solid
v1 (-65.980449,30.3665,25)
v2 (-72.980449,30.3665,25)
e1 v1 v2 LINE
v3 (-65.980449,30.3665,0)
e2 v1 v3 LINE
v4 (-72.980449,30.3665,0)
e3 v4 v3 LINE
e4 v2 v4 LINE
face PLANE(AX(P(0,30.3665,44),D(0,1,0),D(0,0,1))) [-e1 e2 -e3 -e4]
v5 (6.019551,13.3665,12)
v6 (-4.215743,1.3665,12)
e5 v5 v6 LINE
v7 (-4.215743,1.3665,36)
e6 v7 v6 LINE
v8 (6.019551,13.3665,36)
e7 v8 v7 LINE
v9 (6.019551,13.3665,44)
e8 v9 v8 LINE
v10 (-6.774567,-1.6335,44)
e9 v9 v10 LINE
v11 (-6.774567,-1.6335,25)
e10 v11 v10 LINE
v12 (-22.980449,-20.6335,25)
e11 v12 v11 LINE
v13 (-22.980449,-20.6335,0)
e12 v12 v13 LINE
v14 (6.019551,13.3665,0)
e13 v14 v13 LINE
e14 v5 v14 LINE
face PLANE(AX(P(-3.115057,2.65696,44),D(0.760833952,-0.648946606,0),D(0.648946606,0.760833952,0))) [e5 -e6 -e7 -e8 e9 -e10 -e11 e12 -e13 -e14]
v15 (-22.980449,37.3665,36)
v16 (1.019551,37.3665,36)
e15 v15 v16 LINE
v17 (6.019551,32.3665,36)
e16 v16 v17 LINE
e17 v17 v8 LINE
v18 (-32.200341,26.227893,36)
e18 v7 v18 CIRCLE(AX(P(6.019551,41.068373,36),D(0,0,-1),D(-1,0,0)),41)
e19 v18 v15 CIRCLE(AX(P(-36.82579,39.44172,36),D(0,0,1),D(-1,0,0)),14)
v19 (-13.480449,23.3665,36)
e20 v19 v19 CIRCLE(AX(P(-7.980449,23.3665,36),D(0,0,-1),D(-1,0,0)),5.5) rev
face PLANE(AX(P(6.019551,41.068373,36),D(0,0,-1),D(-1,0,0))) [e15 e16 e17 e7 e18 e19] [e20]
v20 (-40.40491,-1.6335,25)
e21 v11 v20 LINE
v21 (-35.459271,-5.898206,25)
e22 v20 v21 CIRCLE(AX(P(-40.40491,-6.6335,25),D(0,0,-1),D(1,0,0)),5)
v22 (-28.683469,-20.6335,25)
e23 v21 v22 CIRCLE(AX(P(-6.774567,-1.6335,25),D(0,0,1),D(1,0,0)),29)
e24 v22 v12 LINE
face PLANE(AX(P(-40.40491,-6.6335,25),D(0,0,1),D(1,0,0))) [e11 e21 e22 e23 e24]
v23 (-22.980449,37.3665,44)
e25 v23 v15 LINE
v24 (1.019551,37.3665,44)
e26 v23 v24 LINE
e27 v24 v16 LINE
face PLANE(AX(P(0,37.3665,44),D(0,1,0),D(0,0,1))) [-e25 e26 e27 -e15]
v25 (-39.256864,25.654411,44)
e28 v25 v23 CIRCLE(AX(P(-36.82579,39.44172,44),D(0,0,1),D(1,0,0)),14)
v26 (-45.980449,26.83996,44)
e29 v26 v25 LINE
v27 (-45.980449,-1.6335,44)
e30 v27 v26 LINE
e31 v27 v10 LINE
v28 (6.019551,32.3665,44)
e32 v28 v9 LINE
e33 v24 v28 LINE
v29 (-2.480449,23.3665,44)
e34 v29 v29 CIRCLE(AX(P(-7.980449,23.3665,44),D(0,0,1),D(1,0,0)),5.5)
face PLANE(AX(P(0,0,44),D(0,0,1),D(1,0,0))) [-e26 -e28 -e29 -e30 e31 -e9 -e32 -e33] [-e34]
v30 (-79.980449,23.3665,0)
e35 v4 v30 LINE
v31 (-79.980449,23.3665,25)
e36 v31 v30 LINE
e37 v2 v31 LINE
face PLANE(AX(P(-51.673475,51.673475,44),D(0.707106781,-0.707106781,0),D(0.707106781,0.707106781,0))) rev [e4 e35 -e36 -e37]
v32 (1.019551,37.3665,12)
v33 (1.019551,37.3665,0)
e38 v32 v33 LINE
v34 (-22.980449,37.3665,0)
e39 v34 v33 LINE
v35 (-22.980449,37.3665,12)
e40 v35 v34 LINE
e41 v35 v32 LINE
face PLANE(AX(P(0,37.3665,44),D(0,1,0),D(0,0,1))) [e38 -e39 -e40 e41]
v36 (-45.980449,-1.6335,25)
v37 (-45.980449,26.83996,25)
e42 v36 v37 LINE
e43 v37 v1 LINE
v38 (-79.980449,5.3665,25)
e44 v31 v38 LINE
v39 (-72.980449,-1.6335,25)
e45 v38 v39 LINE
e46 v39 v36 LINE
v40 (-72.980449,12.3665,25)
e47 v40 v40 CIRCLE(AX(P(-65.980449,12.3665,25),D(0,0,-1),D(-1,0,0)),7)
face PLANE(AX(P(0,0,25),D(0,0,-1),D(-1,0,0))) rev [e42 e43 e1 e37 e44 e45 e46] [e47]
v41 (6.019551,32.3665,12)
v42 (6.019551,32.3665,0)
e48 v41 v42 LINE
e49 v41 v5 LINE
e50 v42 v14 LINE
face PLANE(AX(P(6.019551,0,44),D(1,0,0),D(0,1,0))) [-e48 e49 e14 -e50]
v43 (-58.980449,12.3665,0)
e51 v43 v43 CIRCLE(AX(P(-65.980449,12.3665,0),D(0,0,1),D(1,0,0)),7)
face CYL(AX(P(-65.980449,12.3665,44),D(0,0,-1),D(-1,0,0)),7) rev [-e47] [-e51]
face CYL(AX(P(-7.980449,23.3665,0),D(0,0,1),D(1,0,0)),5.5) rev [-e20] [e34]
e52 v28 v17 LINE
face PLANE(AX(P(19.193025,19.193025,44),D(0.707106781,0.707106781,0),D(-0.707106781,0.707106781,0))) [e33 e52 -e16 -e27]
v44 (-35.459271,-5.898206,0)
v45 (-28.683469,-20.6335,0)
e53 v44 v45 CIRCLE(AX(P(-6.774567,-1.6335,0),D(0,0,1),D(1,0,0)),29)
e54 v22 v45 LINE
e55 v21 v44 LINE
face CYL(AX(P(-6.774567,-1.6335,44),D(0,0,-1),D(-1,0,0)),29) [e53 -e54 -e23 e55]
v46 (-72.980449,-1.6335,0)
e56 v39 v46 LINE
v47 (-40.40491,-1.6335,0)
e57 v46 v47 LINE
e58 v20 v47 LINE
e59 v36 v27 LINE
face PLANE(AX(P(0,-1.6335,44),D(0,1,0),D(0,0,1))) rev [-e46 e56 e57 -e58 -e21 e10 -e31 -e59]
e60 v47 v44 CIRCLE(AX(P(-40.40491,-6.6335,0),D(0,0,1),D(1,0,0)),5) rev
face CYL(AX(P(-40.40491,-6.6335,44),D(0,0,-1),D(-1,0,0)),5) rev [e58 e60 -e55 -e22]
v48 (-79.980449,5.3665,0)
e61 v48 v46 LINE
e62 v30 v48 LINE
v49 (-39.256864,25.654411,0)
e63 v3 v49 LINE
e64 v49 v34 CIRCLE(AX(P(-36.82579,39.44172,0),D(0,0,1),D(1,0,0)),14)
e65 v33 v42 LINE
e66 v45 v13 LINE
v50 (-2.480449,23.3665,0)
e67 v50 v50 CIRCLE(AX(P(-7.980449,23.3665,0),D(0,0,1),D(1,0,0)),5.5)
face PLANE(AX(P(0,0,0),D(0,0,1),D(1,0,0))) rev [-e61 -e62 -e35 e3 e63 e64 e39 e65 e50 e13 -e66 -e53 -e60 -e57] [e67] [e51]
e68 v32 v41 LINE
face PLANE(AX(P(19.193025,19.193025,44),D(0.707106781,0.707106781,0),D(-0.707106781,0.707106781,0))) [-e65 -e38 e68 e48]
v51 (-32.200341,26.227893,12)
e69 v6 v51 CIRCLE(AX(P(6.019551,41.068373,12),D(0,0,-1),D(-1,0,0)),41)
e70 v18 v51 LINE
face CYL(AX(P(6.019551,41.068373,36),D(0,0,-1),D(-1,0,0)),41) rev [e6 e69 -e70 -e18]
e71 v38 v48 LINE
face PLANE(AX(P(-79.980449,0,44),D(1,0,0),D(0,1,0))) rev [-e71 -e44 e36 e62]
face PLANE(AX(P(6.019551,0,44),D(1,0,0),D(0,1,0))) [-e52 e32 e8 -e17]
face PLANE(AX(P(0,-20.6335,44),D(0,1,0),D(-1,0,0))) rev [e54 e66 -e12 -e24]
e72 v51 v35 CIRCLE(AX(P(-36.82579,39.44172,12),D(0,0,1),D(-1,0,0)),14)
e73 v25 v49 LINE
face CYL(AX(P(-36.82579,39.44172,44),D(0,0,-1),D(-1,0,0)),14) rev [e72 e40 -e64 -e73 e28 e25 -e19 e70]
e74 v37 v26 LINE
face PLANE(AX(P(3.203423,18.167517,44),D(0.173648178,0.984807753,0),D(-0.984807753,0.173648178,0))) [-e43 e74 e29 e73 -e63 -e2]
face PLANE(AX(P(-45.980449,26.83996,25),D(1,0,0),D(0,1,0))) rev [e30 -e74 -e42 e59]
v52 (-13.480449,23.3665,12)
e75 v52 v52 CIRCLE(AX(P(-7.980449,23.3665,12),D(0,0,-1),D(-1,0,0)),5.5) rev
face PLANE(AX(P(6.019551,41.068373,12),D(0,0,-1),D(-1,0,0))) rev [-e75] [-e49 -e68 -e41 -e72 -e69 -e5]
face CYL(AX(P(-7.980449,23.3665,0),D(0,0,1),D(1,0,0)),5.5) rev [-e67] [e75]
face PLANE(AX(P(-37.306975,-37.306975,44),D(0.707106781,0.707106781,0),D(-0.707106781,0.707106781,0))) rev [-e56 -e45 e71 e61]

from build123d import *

# Parameters (mm, degrees)
SKETCH1_R           = 7
BOSS_EXTRUDE1_DEPTH = 44
SKETCH2_R           = 5.5
CUT_EXTRUDE1_DEPTH  = 99.636339936
CUT_EXTRUDE2_START  = -19
CUT_EXTRUDE2_DEPTH  = 19
CUT_EXTRUDE3_DEPTH  = 24


with BuildPart() as part:
    # Sketch1 → Boss-Extrude1 (new body)
    with BuildSketch(Plane.XY):
        with BuildLine():
            ThreePointArc((-40.404910175, -1.633500031), (-37.139674394, -2.846913799), (-35.459271434, -5.898205914))
            ThreePointArc((-35.459271434, -5.898205914), (-33.122441231, -13.749172092), (-28.683469034, -20.633500031))
            Line((-28.683469034, -20.633500031), (-22.980449087, -20.633500031))
            Line((-22.980449087, -20.633500031), (6.019550913, 13.366499969))
            Line((6.019550913, 13.366499969), (6.019550913, 32.366499969))
            Line((6.019550913, 32.366499969), (1.019550913, 37.366499969))
            Line((1.019550913, 37.366499969), (-22.980449087, 37.366499969))
            ThreePointArc((-22.980449087, 37.366499969), (-28.648710625, 28.077944899), (-39.256864445, 25.654410975))
            Line((-39.256864445, 25.654410975), (-65.980449087, 30.366499969))
            Line((-65.980449087, 30.366499969), (-72.980449087, 30.366499969))
            Line((-72.980449087, 30.366499969), (-79.980449087, 23.366499969))
            Line((-79.980449087, 23.366499969), (-79.980449087, 5.366499969))
            Line((-79.980449087, 5.366499969), (-72.980449087, -1.633500031))
            Line((-72.980449087, -1.633500031), (-40.404910175, -1.633500031))
        make_face()
        with Locations((-65.980449087, 12.366499969)):
            Circle(SKETCH1_R, mode=Mode.SUBTRACT)
    extrude(amount=BOSS_EXTRUDE1_DEPTH)

    # Sketch2 → Cut-Extrude1 (cut, through all)
    with BuildSketch(Plane.XY.offset(44)):
        with Locations((-7.980449087, 23.366499969)):
            Circle(SKETCH2_R)
    extrude(amount=-CUT_EXTRUDE1_DEPTH, mode=Mode.SUBTRACT)

    # Sketch3 → Cut-Extrude2 (cut)
    with BuildSketch(Plane.XY.offset(44).offset(CUT_EXTRUDE2_START)):
        Polygon((-45.980449087, 26.839960355), (-45.980449087, -1.633500031), (-72.980449087, -1.633500031), (-79.980449087, 5.366499969), (-79.980449087, 23.366499969), (-72.980449087, 30.366499969), (-65.980449087, 30.366499969), align=None)
        with BuildLine():
            Line((-40.404910175, -1.633500031), (-6.774566734, -1.633500031))
            Line((-6.774566734, -1.633500031), (-22.980449087, -20.633500031))
            Line((-22.980449087, -20.633500031), (-28.683469034, -20.633500031))
            ThreePointArc((-28.683469034, -20.633500031), (-33.122441231, -13.749172092), (-35.459271434, -5.898205914))
            ThreePointArc((-35.459271434, -5.898205914), (-37.139674394, -2.846913799), (-40.404910175, -1.633500031))
        make_face()
    extrude(amount=CUT_EXTRUDE2_DEPTH, mode=Mode.SUBTRACT)

    # Sketch7 → Cut-Extrude3 (cut)
    with BuildSketch(Plane(origin=(0, 0, 12), x_dir=(-1, 0, 0), z_dir=(0, 0, -1))):
        with BuildLine():
            Line((-6.019550913, 13.366499969), (4.215743204, 1.366499969))
            ThreePointArc((4.215743204, 1.366499969), (21.210918642, 10.417084234), (32.200340902, 26.227892629))
            ThreePointArc((32.200340902, 26.227892629), (26.041094158, 30.514775107), (22.980449087, 37.366499969))
            Line((22.980449087, 37.366499969), (-1.019550913, 37.366499969))
            Line((-1.019550913, 37.366499969), (-6.019550913, 32.366499969))
            Line((-6.019550913, 32.366499969), (-6.019550913, 13.366499969))
        make_face()
    extrude(amount=-CUT_EXTRUDE3_DEPTH, mode=Mode.SUBTRACT)


solid = part.part
